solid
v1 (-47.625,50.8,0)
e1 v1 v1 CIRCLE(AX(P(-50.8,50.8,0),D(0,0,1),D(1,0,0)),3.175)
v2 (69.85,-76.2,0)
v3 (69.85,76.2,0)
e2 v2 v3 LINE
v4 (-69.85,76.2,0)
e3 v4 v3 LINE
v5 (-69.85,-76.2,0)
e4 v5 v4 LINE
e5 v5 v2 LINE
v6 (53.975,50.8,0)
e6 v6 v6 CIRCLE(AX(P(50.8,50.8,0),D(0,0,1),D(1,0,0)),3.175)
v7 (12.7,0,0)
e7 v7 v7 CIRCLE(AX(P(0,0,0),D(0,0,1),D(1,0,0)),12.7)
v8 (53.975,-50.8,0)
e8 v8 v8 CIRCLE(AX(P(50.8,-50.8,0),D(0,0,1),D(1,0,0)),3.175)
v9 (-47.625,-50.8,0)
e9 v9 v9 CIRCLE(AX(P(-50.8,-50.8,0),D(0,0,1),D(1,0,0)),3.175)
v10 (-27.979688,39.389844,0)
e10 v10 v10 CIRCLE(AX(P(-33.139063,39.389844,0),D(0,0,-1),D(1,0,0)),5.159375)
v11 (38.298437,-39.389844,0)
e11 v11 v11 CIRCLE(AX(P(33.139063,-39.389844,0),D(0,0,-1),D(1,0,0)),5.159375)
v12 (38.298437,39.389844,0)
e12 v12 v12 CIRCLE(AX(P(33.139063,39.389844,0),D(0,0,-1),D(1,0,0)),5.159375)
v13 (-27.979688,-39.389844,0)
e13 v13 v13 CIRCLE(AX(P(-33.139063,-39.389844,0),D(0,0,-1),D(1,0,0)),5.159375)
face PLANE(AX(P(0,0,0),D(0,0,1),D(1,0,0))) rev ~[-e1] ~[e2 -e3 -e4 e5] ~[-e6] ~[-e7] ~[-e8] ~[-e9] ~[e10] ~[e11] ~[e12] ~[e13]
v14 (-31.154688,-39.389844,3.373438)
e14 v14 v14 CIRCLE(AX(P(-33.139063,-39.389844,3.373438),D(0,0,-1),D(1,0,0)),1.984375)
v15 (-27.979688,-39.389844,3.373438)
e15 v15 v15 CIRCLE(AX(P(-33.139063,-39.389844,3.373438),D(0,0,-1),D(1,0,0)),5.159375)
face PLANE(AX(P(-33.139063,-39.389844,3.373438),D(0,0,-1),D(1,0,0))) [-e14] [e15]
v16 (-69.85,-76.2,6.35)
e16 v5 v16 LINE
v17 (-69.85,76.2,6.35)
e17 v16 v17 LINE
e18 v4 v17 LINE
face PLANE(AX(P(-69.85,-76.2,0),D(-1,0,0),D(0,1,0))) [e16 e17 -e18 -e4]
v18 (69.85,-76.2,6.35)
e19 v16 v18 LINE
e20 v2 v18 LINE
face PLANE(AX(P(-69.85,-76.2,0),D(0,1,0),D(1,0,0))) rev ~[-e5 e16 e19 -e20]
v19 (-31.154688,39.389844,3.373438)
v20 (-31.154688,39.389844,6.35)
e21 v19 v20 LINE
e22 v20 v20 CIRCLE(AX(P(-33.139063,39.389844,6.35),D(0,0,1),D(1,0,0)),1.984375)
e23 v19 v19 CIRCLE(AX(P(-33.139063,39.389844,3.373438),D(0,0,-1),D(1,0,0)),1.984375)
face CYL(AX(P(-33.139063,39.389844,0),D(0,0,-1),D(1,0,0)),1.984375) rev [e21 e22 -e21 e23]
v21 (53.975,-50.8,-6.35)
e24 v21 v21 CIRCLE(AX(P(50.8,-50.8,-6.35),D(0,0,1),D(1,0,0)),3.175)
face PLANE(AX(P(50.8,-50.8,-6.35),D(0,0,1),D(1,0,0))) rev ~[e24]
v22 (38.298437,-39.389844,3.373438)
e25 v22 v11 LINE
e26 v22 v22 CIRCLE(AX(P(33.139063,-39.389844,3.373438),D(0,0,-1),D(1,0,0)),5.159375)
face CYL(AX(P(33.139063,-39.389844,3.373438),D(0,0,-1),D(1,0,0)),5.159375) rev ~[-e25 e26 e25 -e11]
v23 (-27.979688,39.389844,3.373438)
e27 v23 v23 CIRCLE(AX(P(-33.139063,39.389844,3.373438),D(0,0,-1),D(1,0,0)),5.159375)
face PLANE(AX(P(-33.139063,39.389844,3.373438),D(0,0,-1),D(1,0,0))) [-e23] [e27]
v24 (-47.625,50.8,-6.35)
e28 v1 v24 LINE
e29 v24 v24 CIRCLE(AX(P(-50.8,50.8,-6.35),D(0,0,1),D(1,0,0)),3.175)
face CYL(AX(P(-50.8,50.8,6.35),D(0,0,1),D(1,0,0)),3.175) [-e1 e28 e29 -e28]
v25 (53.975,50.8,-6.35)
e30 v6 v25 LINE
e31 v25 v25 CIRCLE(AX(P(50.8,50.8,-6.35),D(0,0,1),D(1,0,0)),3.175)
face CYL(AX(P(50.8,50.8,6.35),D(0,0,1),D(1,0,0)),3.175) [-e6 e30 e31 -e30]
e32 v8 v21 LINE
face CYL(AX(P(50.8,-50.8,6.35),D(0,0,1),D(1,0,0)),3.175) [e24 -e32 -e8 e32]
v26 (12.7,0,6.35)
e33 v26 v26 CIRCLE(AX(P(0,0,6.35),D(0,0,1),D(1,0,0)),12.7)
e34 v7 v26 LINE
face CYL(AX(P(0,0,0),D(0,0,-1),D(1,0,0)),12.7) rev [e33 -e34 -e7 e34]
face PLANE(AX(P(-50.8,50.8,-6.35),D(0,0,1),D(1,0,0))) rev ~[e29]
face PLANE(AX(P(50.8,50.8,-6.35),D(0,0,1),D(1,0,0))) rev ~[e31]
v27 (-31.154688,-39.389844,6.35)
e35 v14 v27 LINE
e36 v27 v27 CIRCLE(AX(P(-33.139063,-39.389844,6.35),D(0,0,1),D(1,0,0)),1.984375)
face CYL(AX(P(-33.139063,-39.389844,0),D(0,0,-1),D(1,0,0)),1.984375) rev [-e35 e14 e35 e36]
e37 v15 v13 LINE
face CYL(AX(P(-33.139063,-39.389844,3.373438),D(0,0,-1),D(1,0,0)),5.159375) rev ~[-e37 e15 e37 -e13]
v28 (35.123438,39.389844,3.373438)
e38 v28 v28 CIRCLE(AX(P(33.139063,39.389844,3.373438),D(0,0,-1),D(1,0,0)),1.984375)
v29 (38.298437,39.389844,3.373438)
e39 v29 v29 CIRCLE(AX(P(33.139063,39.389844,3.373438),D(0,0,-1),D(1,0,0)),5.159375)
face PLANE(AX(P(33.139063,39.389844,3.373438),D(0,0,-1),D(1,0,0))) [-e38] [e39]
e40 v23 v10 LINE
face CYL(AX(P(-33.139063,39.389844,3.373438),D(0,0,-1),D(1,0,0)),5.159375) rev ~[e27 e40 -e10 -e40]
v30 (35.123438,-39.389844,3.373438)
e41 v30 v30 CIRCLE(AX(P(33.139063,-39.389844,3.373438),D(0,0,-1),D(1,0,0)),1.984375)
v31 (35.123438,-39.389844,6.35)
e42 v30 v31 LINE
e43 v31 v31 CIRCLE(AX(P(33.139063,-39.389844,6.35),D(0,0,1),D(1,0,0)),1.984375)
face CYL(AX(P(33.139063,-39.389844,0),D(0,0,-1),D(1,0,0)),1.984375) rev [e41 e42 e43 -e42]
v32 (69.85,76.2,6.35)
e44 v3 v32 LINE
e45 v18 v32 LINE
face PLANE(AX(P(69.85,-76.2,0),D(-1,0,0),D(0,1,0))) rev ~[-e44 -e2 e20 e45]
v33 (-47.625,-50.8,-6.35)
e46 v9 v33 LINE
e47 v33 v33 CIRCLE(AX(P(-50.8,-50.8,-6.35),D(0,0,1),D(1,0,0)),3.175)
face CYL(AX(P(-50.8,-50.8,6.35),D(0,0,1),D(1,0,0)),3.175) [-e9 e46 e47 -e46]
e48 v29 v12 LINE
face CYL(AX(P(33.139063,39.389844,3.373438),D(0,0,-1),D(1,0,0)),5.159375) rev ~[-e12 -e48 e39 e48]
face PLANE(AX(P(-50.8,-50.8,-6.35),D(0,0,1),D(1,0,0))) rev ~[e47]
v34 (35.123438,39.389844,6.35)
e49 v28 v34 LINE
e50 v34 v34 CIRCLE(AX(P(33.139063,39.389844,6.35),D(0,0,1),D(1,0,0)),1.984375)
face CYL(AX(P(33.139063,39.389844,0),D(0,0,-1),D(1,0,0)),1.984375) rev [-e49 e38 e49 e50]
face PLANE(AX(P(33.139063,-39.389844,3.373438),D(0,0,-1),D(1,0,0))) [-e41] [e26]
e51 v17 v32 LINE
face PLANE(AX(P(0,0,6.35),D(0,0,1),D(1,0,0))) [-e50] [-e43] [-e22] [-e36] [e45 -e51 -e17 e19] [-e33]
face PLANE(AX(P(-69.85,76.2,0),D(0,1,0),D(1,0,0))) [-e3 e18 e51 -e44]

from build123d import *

# Parameters (mm, degrees)
F0_W           = 139.7
F0_H           = 152.4
F0_R           = 3.175
F0_R_2         = 1.984375
F0_R_3         = 12.7
F1_DEPTH       = 6.35
F2_R           = 3.175
F3_DEPTH       = 12.7
F5_D           = 3.9624
F5_CBORE_D     = 10.31875
F5_CBORE_DEPTH = 3.3734375


with BuildPart() as f1:
    # F0 (on Top) → F1 (new body)
    with BuildSketch(Plane.XY):
        Rectangle(F0_W, F0_H)
        with Locations((-50.8, -50.8)):
            Circle(F0_R, mode=Mode.SUBTRACT)
        with Locations((-25.4, -50.8)):
            Circle(F0_R, mode=Mode.SUBTRACT)
        with Locations((-33.1390625, -39.38984375)):
            Circle(F0_R_2, mode=Mode.SUBTRACT)
        with Locations((-50.8, -25.4)):
            Circle(F0_R, mode=Mode.SUBTRACT)
        with Locations((-25.4, -25.4)):
            Circle(F0_R, mode=Mode.SUBTRACT)
        with Locations((0, -50.8)):
            Circle(F0_R, mode=Mode.SUBTRACT)
        with Locations((25.4, -50.8)):
            Circle(F0_R, mode=Mode.SUBTRACT)
        with Locations((33.1390625, -39.38984375)):
            Circle(F0_R_2, mode=Mode.SUBTRACT)
        with Locations((50.8, -50.8)):
            Circle(F0_R, mode=Mode.SUBTRACT)
        with Locations((0, -25.4)):
            Circle(F0_R, mode=Mode.SUBTRACT)
        with Locations((25.4, -25.4)):
            Circle(F0_R, mode=Mode.SUBTRACT)
        with Locations((50.8, -25.4)):
            Circle(F0_R, mode=Mode.SUBTRACT)
        with Locations((-50.8, 0)):
            Circle(F0_R, mode=Mode.SUBTRACT)
        with Locations((-50.8, 25.4)):
            Circle(F0_R, mode=Mode.SUBTRACT)
        with Locations((-25.4, 0)):
            Circle(F0_R, mode=Mode.SUBTRACT)
        with Locations((-25.4, 25.4)):
            Circle(F0_R, mode=Mode.SUBTRACT)
        with Locations((-50.8, 50.8)):
            Circle(F0_R, mode=Mode.SUBTRACT)
        with Locations((-33.1390625, 39.38984375)):
            Circle(F0_R_2, mode=Mode.SUBTRACT)
        with Locations((-25.4, 50.8)):
            Circle(F0_R, mode=Mode.SUBTRACT)
        Circle(F0_R_3, mode=Mode.SUBTRACT)
        with Locations((25.4, 0)):
            Circle(F0_R, mode=Mode.SUBTRACT)
        with Locations((0, 25.4)):
            Circle(F0_R, mode=Mode.SUBTRACT)
        with Locations((25.4, 25.4)):
            Circle(F0_R, mode=Mode.SUBTRACT)
        with Locations((50.8, 0)):
            Circle(F0_R, mode=Mode.SUBTRACT)
        with Locations((50.8, 25.4)):
            Circle(F0_R, mode=Mode.SUBTRACT)
        with Locations((0, 50.8)):
            Circle(F0_R, mode=Mode.SUBTRACT)
        with Locations((33.1390625, 39.38984375)):
            Circle(F0_R_2, mode=Mode.SUBTRACT)
        with Locations((25.4, 50.8)):
            Circle(F0_R, mode=Mode.SUBTRACT)
        with Locations((50.8, 50.8)):
            Circle(F0_R, mode=Mode.SUBTRACT)
        with Locations((-25.4, 50.8)):
            Circle(F0_R)
        with Locations((0, 50.8)):
            Circle(F0_R)
        with Locations((25.4, 50.8)):
            Circle(F0_R)
        with Locations((50.8, 25.4)):
            Circle(F0_R)
        with Locations((50.8, 0)):
            Circle(F0_R)
        with Locations((50.8, -25.4)):
            Circle(F0_R)
        with Locations((25.4, -50.8)):
            Circle(F0_R)
        with Locations((0, -50.8)):
            Circle(F0_R)
        with Locations((-25.4, -50.8)):
            Circle(F0_R)
        with Locations((-50.8, -25.4)):
            Circle(F0_R)
        with Locations((-50.8, 0)):
            Circle(F0_R)
        with Locations((-50.8, 25.4)):
            Circle(F0_R)
        with Locations((-25.4, 25.4)):
            Circle(F0_R)
        with Locations((0, 25.4)):
            Circle(F0_R)
        with Locations((25.4, 25.4)):
            Circle(F0_R)
        with Locations((25.4, 0)):
            Circle(F0_R)
        with Locations((25.4, -25.4)):
            Circle(F0_R)
        with Locations((0, -25.4)):
            Circle(F0_R)
        with Locations((-25.4, 0)):
            Circle(F0_R)
        with Locations((-25.4, -25.4)):
            Circle(F0_R)
    extrude(amount=F1_DEPTH)

    # F2 (on face) → F3 (join)
    with BuildSketch(Plane.XY.offset(6.35)):
        with Locations((50.8, -50.8)):
            Circle(F2_R)
        with Locations((-50.8, -50.8)):
            Circle(F2_R)
        with Locations((-50.8, 50.8)):
            Circle(F2_R)
        with Locations((50.8, 50.8)):
            Circle(F2_R)
    extrude(amount=-F3_DEPTH)

    # F5 (through all)
    with Locations(Plane(origin=(0, 0, 0), x_dir=(1, 0, 0), z_dir=(0, 0, -1))):
        with Locations((-33.1390625, 39.38984375), (33.1390625, 39.38984375), (33.1390625, -39.38984375), (-33.1390625, -39.38984375)):
            CounterBoreHole(F5_D / 2, F5_CBORE_D / 2, F5_CBORE_DEPTH)


solid = f1.part
